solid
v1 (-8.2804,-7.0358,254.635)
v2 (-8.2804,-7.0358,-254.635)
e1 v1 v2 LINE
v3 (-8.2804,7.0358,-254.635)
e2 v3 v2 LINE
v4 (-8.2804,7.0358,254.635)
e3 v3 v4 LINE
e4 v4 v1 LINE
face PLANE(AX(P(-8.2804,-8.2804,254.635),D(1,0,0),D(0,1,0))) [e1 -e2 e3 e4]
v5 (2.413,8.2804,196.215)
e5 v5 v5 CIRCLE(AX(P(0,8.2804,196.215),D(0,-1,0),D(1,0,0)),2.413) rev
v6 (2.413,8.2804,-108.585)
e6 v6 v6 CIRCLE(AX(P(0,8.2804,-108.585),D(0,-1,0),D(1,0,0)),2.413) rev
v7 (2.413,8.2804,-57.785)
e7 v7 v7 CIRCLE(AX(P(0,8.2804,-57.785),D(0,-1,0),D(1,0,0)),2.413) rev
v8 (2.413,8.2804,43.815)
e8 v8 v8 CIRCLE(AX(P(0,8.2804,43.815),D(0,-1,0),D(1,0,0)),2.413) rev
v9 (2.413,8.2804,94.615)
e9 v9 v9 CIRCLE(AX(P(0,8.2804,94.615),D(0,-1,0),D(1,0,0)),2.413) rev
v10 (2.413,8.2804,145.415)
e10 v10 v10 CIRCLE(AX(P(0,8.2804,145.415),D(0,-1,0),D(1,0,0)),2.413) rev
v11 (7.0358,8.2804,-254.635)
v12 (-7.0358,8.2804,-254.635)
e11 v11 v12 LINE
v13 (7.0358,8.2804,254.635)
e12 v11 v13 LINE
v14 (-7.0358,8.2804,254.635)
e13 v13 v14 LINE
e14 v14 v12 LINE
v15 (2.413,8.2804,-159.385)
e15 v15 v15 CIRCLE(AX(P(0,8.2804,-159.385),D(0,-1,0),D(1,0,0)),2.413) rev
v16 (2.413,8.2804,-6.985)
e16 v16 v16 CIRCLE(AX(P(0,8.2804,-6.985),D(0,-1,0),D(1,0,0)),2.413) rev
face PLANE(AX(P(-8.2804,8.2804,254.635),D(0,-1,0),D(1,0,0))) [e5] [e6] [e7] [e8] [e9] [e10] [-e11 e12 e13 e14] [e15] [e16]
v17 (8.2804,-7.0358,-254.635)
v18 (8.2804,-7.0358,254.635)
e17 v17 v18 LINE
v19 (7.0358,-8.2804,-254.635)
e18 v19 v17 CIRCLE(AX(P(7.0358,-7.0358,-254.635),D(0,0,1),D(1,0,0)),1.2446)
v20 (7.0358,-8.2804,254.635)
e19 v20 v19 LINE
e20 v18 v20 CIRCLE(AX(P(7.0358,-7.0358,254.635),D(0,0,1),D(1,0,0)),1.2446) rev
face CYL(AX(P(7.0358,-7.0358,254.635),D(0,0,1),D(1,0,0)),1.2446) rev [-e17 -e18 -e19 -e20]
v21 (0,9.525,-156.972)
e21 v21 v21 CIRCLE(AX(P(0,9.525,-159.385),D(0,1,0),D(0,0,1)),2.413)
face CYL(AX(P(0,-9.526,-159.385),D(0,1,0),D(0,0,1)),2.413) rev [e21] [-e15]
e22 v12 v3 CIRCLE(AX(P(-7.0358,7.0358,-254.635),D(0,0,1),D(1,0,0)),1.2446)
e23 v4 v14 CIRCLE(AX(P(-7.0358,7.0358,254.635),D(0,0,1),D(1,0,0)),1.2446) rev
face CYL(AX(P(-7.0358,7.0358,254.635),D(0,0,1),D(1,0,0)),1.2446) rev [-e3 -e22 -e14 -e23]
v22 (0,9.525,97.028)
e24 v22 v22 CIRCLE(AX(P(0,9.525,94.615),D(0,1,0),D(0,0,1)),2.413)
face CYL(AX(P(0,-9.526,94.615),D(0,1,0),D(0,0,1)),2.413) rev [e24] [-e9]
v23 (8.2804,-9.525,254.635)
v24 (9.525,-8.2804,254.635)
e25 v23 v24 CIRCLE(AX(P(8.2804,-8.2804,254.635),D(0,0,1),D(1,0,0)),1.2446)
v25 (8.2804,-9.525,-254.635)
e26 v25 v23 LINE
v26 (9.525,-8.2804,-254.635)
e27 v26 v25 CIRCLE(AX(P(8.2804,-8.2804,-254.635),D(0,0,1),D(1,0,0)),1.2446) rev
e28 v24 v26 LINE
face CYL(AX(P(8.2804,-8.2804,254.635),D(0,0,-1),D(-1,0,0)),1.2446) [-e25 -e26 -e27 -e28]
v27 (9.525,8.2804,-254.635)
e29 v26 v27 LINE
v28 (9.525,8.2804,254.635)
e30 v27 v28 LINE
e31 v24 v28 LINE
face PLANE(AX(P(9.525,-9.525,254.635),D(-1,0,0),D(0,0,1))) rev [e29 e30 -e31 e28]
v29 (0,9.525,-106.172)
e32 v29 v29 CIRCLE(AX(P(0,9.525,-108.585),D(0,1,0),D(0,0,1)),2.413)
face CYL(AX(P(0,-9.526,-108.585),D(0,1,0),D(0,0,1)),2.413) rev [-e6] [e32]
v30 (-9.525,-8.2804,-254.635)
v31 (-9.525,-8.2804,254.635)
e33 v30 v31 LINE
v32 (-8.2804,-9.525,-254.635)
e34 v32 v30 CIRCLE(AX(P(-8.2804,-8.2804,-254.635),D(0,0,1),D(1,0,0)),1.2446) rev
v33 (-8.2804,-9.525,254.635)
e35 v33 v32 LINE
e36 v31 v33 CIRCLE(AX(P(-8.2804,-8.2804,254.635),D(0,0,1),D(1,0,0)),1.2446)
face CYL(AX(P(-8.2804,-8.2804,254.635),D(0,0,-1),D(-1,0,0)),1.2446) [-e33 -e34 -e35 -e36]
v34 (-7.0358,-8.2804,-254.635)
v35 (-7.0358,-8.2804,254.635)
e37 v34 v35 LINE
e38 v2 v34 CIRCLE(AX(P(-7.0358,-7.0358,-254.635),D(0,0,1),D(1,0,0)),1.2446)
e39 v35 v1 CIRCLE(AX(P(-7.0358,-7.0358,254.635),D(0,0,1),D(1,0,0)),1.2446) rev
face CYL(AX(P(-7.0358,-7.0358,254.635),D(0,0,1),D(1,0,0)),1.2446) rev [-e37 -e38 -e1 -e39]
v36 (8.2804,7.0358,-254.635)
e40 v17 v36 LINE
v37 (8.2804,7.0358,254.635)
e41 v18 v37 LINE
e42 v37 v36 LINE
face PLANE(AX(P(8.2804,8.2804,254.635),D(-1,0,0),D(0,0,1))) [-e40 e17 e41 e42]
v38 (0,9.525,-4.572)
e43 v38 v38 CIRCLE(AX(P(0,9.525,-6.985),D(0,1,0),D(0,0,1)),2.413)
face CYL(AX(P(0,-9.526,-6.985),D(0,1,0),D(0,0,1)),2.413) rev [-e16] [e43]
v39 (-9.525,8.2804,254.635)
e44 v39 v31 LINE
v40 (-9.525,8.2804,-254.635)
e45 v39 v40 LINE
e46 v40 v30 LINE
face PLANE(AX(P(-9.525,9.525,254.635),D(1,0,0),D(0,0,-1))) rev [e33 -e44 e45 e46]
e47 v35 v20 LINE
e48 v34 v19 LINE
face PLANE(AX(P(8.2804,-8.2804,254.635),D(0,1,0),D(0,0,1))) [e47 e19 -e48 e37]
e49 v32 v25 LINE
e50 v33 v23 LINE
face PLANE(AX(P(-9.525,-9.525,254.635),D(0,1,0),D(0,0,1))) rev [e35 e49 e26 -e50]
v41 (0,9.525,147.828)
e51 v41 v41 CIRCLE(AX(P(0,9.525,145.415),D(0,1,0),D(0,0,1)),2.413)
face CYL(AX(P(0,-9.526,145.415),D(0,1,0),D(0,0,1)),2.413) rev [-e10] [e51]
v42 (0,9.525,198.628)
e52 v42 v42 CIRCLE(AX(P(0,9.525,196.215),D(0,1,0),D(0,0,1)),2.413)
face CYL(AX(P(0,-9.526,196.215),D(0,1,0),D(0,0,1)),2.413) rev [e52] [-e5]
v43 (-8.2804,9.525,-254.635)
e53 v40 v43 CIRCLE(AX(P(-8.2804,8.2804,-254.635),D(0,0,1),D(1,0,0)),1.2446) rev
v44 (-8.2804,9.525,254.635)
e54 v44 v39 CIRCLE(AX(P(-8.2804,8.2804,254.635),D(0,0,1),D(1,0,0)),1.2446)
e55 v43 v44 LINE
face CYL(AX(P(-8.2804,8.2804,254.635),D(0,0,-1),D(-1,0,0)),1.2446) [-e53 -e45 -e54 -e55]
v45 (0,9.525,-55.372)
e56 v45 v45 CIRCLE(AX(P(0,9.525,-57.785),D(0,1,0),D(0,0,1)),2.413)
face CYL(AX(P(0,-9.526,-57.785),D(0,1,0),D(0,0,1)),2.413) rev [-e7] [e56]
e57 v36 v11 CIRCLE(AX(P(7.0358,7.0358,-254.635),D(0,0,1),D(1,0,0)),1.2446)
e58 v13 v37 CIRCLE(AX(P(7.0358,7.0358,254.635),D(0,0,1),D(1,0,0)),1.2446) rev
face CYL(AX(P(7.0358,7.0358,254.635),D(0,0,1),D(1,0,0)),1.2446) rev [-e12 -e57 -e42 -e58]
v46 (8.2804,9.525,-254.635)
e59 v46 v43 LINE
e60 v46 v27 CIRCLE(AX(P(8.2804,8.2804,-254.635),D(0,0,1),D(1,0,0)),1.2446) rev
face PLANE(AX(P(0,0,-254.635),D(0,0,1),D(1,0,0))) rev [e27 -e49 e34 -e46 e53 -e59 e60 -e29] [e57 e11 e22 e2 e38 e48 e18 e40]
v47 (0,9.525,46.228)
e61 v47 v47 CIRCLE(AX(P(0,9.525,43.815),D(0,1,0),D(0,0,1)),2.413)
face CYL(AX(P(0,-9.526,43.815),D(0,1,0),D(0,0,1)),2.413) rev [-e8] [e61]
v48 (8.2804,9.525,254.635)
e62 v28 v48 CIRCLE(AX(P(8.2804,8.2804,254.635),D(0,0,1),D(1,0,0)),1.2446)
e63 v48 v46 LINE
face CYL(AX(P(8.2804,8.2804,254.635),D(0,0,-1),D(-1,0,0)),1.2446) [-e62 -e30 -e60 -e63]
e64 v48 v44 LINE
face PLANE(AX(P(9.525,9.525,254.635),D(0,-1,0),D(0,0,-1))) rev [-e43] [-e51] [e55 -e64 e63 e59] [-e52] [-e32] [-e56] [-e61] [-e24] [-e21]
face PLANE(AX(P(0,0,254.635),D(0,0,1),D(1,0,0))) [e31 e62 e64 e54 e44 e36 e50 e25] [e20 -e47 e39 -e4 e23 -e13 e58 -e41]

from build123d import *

# Parameters (mm, degrees)
SKETCH3_W           = 19.05
SKETCH3_H           = 19.05
SKETCH3_W_2         = 16.5608
SKETCH3_H_2         = 16.5608
BOSS_EXTRUDE1_DEPTH = 254.635
FILLET1_R           = 1.2446
CUT_EXTRUDE1_REACH  = 257.524
SKETCH4_R           = 2.413


with BuildPart() as part:
    # Sketch3 → Boss-Extrude1 (new, symmetric)
    with BuildSketch(Plane.XY):
        Rectangle(SKETCH3_W, SKETCH3_H)
        Rectangle(SKETCH3_W_2, SKETCH3_H_2, mode=Mode.SUBTRACT)
    extrude(amount=BOSS_EXTRUDE1_DEPTH, both=True)

    # Fillet1
    fillet1_edges = [part.edges().sort_by_distance(p)[0] for p in [
        (-9.525, 9.525, 0),
        (8.2804, -8.2804, 0),
        (-8.2804, -8.2804, 0),
        (-8.2804, 8.2804, 0),
        (8.2804, 8.2804, 0),
        (9.525, -9.525, 0),
        (-9.525, -9.525, 0),
        (9.525, 9.525, 0),
    ]]
    fillet(fillet1_edges, radius=FILLET1_R)

    # Sketch4 → Cut-Extrude1 (cut, up to next)
    with BuildSketch(Plane(origin=(0, 9.525, 0), x_dir=(1, 0, 0), z_dir=(0, 1, 0)), mode=Mode.PRIVATE) as cut_extrude1_sk1:
        with Locations((0, 159.385)):
            Circle(SKETCH4_R)
    cut_extrude1_tool1 = extrude(cut_extrude1_sk1.sketch, amount=-CUT_EXTRUDE1_REACH, mode=Mode.PRIVATE) & part.part
    # Sketch4 → Cut-Extrude1 (cut, up to next)
    with BuildSketch(Plane(origin=(0, 9.525, 0), x_dir=(1, 0, 0), z_dir=(0, 1, 0)), mode=Mode.PRIVATE) as cut_extrude1_sk2:
        with Locations((0, 108.585)):
            Circle(SKETCH4_R)
    cut_extrude1_tool2 = extrude(cut_extrude1_sk2.sketch, amount=-CUT_EXTRUDE1_REACH, mode=Mode.PRIVATE) & part.part
    # Sketch4 → Cut-Extrude1 (cut, up to next)
    with BuildSketch(Plane(origin=(0, 9.525, 0), x_dir=(1, 0, 0), z_dir=(0, 1, 0)), mode=Mode.PRIVATE) as cut_extrude1_sk3:
        with Locations((0, 57.785)):
            Circle(SKETCH4_R)
    cut_extrude1_tool3 = extrude(cut_extrude1_sk3.sketch, amount=-CUT_EXTRUDE1_REACH, mode=Mode.PRIVATE) & part.part
    # Sketch4 → Cut-Extrude1 (cut, up to next)
    with BuildSketch(Plane(origin=(0, 9.525, 0), x_dir=(1, 0, 0), z_dir=(0, 1, 0)), mode=Mode.PRIVATE) as cut_extrude1_sk4:
        with Locations((0, 6.985)):
            Circle(SKETCH4_R)
    cut_extrude1_tool4 = extrude(cut_extrude1_sk4.sketch, amount=-CUT_EXTRUDE1_REACH, mode=Mode.PRIVATE) & part.part
    # Sketch4 → Cut-Extrude1 (cut, up to next)
    with BuildSketch(Plane(origin=(0, 9.525, 0), x_dir=(1, 0, 0), z_dir=(0, 1, 0)), mode=Mode.PRIVATE) as cut_extrude1_sk5:
        with Locations((0, -43.815)):
            Circle(SKETCH4_R)
    cut_extrude1_tool5 = extrude(cut_extrude1_sk5.sketch, amount=-CUT_EXTRUDE1_REACH, mode=Mode.PRIVATE) & part.part
    # Sketch4 → Cut-Extrude1 (cut, up to next)
    with BuildSketch(Plane(origin=(0, 9.525, 0), x_dir=(1, 0, 0), z_dir=(0, 1, 0)), mode=Mode.PRIVATE) as cut_extrude1_sk6:
        with Locations((0, -94.615)):
            Circle(SKETCH4_R)
    cut_extrude1_tool6 = extrude(cut_extrude1_sk6.sketch, amount=-CUT_EXTRUDE1_REACH, mode=Mode.PRIVATE) & part.part
    # Sketch4 → Cut-Extrude1 (cut, up to next)
    with BuildSketch(Plane(origin=(0, 9.525, 0), x_dir=(1, 0, 0), z_dir=(0, 1, 0)), mode=Mode.PRIVATE) as cut_extrude1_sk7:
        with Locations((0, -145.415)):
            Circle(SKETCH4_R)
    cut_extrude1_tool7 = extrude(cut_extrude1_sk7.sketch, amount=-CUT_EXTRUDE1_REACH, mode=Mode.PRIVATE) & part.part
    # Sketch4 → Cut-Extrude1 (cut, up to next)
    with BuildSketch(Plane(origin=(0, 9.525, 0), x_dir=(1, 0, 0), z_dir=(0, 1, 0)), mode=Mode.PRIVATE) as cut_extrude1_sk8:
        with Locations((0, -196.215)):
            Circle(SKETCH4_R)
    cut_extrude1_tool8 = extrude(cut_extrude1_sk8.sketch, amount=-CUT_EXTRUDE1_REACH, mode=Mode.PRIVATE) & part.part
    add(cut_extrude1_tool1.solids().sort_by_distance((0, 9.525, -159.385))[0], mode=Mode.SUBTRACT)
    add(cut_extrude1_tool2.solids().sort_by_distance((0, 9.525, -108.585))[0], mode=Mode.SUBTRACT)
    add(cut_extrude1_tool3.solids().sort_by_distance((0, 9.525, -57.785))[0], mode=Mode.SUBTRACT)
    add(cut_extrude1_tool4.solids().sort_by_distance((0, 9.525, -6.985))[0], mode=Mode.SUBTRACT)
    add(cut_extrude1_tool5.solids().sort_by_distance((0, 9.525, 43.815))[0], mode=Mode.SUBTRACT)
    add(cut_extrude1_tool6.solids().sort_by_distance((0, 9.525, 94.615))[0], mode=Mode.SUBTRACT)
    add(cut_extrude1_tool7.solids().sort_by_distance((0, 9.525, 145.415))[0], mode=Mode.SUBTRACT)
    add(cut_extrude1_tool8.solids().sort_by_distance((0, 9.525, 196.215))[0], mode=Mode.SUBTRACT)


solid = part.part
